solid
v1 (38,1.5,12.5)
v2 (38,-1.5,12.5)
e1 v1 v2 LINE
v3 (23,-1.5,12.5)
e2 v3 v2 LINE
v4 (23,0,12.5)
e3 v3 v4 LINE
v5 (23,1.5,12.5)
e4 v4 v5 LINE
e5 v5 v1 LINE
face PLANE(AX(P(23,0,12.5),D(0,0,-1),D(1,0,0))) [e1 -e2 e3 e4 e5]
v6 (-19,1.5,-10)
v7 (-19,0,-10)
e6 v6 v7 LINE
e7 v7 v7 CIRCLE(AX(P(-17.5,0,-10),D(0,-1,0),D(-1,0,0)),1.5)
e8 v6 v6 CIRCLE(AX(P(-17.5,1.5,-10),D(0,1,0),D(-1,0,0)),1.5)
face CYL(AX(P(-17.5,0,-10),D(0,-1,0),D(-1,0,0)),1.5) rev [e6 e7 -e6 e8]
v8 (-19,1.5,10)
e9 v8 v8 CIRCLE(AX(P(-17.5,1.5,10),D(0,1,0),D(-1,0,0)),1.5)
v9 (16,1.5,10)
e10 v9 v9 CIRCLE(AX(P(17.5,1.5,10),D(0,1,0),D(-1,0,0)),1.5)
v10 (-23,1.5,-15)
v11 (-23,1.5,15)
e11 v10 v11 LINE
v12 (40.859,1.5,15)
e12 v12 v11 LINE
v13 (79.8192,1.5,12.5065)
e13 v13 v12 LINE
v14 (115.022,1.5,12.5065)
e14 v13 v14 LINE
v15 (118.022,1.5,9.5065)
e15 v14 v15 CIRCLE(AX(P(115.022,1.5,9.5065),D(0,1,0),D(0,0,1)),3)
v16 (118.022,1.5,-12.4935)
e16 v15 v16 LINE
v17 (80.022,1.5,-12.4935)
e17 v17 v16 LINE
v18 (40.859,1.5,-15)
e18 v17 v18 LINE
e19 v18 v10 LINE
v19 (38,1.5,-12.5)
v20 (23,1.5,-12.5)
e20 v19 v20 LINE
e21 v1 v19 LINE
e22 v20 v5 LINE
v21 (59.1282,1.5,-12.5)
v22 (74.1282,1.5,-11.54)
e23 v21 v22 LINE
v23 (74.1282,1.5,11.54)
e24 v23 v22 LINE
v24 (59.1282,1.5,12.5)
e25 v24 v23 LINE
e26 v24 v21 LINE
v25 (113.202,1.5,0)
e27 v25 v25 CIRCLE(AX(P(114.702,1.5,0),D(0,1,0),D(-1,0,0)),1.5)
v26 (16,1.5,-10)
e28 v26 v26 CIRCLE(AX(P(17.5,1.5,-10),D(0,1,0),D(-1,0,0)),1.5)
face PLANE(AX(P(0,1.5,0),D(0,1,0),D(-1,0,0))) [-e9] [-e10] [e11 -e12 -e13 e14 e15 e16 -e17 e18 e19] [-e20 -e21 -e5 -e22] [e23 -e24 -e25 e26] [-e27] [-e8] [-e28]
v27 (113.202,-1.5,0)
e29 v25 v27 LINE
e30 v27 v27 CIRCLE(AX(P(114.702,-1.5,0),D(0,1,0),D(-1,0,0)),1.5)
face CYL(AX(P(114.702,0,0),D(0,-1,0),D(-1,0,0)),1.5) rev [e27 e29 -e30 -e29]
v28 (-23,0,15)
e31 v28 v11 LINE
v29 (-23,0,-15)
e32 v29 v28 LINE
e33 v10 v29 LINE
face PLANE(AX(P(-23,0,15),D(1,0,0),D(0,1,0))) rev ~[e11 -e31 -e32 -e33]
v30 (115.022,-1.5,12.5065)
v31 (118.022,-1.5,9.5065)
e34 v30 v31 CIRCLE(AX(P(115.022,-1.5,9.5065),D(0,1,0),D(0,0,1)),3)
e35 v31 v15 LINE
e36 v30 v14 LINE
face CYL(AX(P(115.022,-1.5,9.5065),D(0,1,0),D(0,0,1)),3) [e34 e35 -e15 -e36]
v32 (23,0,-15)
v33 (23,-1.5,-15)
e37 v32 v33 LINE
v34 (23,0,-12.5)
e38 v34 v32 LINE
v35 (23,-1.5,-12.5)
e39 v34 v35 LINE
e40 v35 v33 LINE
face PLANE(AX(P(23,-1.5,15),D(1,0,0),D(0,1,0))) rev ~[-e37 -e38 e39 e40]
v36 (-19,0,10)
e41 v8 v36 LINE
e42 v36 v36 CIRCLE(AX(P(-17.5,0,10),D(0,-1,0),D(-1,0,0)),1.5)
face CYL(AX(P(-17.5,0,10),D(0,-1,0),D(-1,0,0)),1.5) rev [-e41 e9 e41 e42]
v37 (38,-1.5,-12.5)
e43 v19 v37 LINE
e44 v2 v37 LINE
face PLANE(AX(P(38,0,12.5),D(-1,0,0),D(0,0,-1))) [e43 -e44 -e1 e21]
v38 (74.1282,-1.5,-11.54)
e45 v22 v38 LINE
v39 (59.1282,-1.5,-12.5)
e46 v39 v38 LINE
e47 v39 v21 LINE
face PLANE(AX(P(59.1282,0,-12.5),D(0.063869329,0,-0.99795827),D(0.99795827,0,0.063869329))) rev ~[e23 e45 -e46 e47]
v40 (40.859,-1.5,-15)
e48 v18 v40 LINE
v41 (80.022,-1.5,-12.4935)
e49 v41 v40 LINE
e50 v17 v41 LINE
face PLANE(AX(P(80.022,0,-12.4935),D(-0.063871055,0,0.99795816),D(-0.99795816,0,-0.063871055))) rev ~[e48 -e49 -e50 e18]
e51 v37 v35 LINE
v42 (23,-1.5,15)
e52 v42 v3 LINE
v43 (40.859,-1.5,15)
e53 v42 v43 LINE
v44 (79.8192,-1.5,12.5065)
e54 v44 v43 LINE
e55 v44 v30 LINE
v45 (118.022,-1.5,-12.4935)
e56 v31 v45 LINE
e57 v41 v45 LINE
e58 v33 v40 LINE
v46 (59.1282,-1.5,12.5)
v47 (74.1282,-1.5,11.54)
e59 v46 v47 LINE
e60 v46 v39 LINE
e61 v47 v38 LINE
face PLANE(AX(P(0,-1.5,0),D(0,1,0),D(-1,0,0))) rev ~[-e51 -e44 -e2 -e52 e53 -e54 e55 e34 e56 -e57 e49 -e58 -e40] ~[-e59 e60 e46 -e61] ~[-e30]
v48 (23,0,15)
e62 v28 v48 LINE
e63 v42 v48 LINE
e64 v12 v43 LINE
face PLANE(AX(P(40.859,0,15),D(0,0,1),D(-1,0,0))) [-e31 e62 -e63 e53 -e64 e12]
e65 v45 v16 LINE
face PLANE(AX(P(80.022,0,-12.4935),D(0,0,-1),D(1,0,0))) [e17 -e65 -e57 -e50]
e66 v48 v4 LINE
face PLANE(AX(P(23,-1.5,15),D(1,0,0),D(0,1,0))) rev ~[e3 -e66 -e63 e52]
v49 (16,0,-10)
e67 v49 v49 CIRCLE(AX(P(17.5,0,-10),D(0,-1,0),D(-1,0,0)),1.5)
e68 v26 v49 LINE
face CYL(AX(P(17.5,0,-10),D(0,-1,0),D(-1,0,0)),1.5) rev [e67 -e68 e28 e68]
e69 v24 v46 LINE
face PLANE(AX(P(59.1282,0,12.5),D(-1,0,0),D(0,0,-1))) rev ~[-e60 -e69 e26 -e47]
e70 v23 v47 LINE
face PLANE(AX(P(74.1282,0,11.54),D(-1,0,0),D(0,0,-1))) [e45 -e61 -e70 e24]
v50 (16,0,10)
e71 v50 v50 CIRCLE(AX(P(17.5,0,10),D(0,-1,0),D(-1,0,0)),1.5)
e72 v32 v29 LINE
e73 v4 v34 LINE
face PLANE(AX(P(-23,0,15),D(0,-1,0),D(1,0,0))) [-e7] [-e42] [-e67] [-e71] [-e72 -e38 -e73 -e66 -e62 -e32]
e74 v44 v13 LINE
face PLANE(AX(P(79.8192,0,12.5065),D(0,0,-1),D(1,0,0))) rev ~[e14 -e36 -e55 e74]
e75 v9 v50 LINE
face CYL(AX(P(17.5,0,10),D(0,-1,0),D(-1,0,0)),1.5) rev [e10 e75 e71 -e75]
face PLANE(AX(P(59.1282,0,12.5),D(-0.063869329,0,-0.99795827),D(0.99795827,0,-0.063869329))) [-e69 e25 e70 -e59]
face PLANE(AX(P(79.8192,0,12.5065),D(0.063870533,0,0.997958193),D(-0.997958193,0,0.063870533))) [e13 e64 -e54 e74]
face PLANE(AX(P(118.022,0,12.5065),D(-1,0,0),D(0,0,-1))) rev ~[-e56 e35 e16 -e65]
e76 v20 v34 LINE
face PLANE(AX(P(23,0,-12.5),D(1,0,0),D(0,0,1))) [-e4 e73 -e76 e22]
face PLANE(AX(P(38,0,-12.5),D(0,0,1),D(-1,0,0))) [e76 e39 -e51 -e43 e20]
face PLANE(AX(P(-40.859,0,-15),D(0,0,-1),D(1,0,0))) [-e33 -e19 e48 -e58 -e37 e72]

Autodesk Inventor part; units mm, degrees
ref_plane "YZ Plane" through (0, 0, 0) normal (1, 0, 0) x (0, 1, 0)
ref_plane "XZ Plane" through (0, 0, 0) normal (0, 1, 0) x (-1, 0, 0)
ref_plane "XY Plane" through (0, 0, 0) normal (0, 0, 1) x (1, 0, 0)
sketch "Sketch1" plane through (0, 0, 0) normal (0, 1, 0) x (-1, 0, 0)
  line L0 (-79.8192, 12.5065) -> (-40.859, 15)
  line L1 (-40.859, 15) -> (0, 15)
  line L2 (-80.022, 0) -> (80.022, 0) construction
  line L3 (-80.022, -12.4935) -> (-40.859, -15)
  line L4 (-40.859, -15) -> (0, -15)
  line L5 (0, 15) -> (0, -15) construction
  line L6 (40.859, 15) -> (0, 15)
  line L7 (79.8192, 12.5065) -> (40.859, 15)
  line L8 (80.022, -12.4935) -> (40.859, -15)
  line L9 (40.859, -15) -> (0, -15)
  line L10 (-59.1282, -12.5) -> (-74.1282, -11.54)
  line L11 (-59.1282, 12.5) -> (-74.1282, 11.54)
  line L12 (-74.1282, 11.54) -> (-74.1282, -11.54)
  line L13 (-59.1282, 12.5) -> (-59.1282, -12.5)
  line L14 (-23, 12.5) -> (-38, 12.5)
  line L15 (-38, 12.5) -> (-38, -12.5)
  line L16 (-38, -12.5) -> (-23, -12.5)
  line L17 (-23, -12.5) -> (-23, 12.5)
  line L18 (59.1282, -12.5) -> (74.1282, -11.54)
  line L19 (59.1282, 12.5) -> (74.1282, 11.54)
  line L20 (74.1282, 11.54) -> (74.1282, -11.54)
  line L21 (59.1282, 12.5) -> (59.1282, -12.5)
  line L22 (23, 12.5) -> (38, 12.5)
  line L23 (38, 12.5) -> (38, -12.5)
  line L24 (38, -12.5) -> (23, -12.5)
  line L25 (23, -12.5) -> (23, 12.5)
  circle A0 centre (-17.5, -10) radius 1.5
  circle A1 centre (17.5, -10) radius 1.5
  circle A2 centre (-17.5, 10) radius 1.5
  circle A3 centre (17.5, 10) radius 1.5
  line L26 (-79.8192, 12.5065) -> (-118.022, 12.5065)
  line L27 (-118.022, 12.5065) -> (-118.022, -12.4935)
  line L28 (-80.022, -12.4935) -> (-118.022, -12.4935)
  circle A4 centre (-114.702, 0) radius 1.5
  line L29 (79.8192, 12.5065) -> (118.022, 12.5065)
  line L30 (118.022, 12.5065) -> (118.022, -12.4935)
  line L31 (80.022, -12.4935) -> (118.022, -12.4935)
  circle A5 centre (114.702, 0) radius 1.5
  point P0 (0, 0)
  point P1 (0, 0)
  point P2 (0, 0)
  point P3 (-74.1282, 0)
  point P4 (-30.5, 12.5)
  dimension "d11" = 15
  dimension "d13" = 3
  dimension "d14" = 5
  dimension "d15" = 5.5
  dimension "d17" = 38
  dimension "d23" = 3
  dimension "d24" = 3.32
  dimension "d33" = 23
  dimension "d44" = 40.859
  dimension "d45" = 39.163
  dimension "d49" = 30
  dimension "d50" = 25
  dimension "d51" = 5.8938
  dimension "d52" = 15
  dimension "d53" = 25
  dimension "d54" = 1.328
extrude "Extrusion1" add sketch "Sketch1" along normal mid plane 3
fillet "Fillet1" radius 3 2 edges at (-118.022, 0, 12.5065) (118.022, 0, 12.5065)
sketch "Sketch3" plane through (-40.859, 1.5, 15) normal (0, 0, 1) x (1, 0, 0)
  line L0 (0, 0) -> (81.718, 0) projected
  line L1 (81.718, -3) -> (0, -3) projected
  line L2 (17.859, -3) -> (17.859, 0) projected
  line L3 (63.859, -3) -> (63.859, 0) projected
  line L4 (17.859, -3) -> (17.859, 0) projected
  line L5 (17.859, -1.5) -> (63.859, -1.5)
  line L6 (158.881, -3) -> (158.881, 0) projected
  line L7 (120.6782, 0) -> (155.881, 0) projected
  line L8 (155.881, 0) -> (158.881, 0) projected
  line L9 (158.881, -3) -> (155.881, -3) projected
  line L10 (155.881, -3) -> (120.6782, -3) projected
  line L11 (120.6782, -3) -> (81.718, -3) projected
  line L12 (81.718, 0) -> (120.6782, 0) projected
  line L13 (-38.9602, 0) -> (0, 0) projected
  line L14 (0, -3) -> (-38.9602, -3) projected
  line L15 (-74.163, 0) -> (-38.9602, 0) projected
  line L16 (-38.9602, -3) -> (-74.163, -3) projected
  line L17 (-77.163, 0) -> (-77.163, -3) projected
  line L18 (-74.163, -3) -> (-77.163, -3) projected
  line L19 (-77.163, 0) -> (-74.163, 0) projected
  point P0 (40.859, -1.5)
  point P1 (17.859, -1.5)
extrude "Extrusion3" cut sketch "Sketch3" against normal through all contours L0 L2 L1 L14 L16 L18 L17 L19 L15 L13 | L5 L3 L1 L2
properties part number "nakladka_boczna2" material "PCTG 20%"
